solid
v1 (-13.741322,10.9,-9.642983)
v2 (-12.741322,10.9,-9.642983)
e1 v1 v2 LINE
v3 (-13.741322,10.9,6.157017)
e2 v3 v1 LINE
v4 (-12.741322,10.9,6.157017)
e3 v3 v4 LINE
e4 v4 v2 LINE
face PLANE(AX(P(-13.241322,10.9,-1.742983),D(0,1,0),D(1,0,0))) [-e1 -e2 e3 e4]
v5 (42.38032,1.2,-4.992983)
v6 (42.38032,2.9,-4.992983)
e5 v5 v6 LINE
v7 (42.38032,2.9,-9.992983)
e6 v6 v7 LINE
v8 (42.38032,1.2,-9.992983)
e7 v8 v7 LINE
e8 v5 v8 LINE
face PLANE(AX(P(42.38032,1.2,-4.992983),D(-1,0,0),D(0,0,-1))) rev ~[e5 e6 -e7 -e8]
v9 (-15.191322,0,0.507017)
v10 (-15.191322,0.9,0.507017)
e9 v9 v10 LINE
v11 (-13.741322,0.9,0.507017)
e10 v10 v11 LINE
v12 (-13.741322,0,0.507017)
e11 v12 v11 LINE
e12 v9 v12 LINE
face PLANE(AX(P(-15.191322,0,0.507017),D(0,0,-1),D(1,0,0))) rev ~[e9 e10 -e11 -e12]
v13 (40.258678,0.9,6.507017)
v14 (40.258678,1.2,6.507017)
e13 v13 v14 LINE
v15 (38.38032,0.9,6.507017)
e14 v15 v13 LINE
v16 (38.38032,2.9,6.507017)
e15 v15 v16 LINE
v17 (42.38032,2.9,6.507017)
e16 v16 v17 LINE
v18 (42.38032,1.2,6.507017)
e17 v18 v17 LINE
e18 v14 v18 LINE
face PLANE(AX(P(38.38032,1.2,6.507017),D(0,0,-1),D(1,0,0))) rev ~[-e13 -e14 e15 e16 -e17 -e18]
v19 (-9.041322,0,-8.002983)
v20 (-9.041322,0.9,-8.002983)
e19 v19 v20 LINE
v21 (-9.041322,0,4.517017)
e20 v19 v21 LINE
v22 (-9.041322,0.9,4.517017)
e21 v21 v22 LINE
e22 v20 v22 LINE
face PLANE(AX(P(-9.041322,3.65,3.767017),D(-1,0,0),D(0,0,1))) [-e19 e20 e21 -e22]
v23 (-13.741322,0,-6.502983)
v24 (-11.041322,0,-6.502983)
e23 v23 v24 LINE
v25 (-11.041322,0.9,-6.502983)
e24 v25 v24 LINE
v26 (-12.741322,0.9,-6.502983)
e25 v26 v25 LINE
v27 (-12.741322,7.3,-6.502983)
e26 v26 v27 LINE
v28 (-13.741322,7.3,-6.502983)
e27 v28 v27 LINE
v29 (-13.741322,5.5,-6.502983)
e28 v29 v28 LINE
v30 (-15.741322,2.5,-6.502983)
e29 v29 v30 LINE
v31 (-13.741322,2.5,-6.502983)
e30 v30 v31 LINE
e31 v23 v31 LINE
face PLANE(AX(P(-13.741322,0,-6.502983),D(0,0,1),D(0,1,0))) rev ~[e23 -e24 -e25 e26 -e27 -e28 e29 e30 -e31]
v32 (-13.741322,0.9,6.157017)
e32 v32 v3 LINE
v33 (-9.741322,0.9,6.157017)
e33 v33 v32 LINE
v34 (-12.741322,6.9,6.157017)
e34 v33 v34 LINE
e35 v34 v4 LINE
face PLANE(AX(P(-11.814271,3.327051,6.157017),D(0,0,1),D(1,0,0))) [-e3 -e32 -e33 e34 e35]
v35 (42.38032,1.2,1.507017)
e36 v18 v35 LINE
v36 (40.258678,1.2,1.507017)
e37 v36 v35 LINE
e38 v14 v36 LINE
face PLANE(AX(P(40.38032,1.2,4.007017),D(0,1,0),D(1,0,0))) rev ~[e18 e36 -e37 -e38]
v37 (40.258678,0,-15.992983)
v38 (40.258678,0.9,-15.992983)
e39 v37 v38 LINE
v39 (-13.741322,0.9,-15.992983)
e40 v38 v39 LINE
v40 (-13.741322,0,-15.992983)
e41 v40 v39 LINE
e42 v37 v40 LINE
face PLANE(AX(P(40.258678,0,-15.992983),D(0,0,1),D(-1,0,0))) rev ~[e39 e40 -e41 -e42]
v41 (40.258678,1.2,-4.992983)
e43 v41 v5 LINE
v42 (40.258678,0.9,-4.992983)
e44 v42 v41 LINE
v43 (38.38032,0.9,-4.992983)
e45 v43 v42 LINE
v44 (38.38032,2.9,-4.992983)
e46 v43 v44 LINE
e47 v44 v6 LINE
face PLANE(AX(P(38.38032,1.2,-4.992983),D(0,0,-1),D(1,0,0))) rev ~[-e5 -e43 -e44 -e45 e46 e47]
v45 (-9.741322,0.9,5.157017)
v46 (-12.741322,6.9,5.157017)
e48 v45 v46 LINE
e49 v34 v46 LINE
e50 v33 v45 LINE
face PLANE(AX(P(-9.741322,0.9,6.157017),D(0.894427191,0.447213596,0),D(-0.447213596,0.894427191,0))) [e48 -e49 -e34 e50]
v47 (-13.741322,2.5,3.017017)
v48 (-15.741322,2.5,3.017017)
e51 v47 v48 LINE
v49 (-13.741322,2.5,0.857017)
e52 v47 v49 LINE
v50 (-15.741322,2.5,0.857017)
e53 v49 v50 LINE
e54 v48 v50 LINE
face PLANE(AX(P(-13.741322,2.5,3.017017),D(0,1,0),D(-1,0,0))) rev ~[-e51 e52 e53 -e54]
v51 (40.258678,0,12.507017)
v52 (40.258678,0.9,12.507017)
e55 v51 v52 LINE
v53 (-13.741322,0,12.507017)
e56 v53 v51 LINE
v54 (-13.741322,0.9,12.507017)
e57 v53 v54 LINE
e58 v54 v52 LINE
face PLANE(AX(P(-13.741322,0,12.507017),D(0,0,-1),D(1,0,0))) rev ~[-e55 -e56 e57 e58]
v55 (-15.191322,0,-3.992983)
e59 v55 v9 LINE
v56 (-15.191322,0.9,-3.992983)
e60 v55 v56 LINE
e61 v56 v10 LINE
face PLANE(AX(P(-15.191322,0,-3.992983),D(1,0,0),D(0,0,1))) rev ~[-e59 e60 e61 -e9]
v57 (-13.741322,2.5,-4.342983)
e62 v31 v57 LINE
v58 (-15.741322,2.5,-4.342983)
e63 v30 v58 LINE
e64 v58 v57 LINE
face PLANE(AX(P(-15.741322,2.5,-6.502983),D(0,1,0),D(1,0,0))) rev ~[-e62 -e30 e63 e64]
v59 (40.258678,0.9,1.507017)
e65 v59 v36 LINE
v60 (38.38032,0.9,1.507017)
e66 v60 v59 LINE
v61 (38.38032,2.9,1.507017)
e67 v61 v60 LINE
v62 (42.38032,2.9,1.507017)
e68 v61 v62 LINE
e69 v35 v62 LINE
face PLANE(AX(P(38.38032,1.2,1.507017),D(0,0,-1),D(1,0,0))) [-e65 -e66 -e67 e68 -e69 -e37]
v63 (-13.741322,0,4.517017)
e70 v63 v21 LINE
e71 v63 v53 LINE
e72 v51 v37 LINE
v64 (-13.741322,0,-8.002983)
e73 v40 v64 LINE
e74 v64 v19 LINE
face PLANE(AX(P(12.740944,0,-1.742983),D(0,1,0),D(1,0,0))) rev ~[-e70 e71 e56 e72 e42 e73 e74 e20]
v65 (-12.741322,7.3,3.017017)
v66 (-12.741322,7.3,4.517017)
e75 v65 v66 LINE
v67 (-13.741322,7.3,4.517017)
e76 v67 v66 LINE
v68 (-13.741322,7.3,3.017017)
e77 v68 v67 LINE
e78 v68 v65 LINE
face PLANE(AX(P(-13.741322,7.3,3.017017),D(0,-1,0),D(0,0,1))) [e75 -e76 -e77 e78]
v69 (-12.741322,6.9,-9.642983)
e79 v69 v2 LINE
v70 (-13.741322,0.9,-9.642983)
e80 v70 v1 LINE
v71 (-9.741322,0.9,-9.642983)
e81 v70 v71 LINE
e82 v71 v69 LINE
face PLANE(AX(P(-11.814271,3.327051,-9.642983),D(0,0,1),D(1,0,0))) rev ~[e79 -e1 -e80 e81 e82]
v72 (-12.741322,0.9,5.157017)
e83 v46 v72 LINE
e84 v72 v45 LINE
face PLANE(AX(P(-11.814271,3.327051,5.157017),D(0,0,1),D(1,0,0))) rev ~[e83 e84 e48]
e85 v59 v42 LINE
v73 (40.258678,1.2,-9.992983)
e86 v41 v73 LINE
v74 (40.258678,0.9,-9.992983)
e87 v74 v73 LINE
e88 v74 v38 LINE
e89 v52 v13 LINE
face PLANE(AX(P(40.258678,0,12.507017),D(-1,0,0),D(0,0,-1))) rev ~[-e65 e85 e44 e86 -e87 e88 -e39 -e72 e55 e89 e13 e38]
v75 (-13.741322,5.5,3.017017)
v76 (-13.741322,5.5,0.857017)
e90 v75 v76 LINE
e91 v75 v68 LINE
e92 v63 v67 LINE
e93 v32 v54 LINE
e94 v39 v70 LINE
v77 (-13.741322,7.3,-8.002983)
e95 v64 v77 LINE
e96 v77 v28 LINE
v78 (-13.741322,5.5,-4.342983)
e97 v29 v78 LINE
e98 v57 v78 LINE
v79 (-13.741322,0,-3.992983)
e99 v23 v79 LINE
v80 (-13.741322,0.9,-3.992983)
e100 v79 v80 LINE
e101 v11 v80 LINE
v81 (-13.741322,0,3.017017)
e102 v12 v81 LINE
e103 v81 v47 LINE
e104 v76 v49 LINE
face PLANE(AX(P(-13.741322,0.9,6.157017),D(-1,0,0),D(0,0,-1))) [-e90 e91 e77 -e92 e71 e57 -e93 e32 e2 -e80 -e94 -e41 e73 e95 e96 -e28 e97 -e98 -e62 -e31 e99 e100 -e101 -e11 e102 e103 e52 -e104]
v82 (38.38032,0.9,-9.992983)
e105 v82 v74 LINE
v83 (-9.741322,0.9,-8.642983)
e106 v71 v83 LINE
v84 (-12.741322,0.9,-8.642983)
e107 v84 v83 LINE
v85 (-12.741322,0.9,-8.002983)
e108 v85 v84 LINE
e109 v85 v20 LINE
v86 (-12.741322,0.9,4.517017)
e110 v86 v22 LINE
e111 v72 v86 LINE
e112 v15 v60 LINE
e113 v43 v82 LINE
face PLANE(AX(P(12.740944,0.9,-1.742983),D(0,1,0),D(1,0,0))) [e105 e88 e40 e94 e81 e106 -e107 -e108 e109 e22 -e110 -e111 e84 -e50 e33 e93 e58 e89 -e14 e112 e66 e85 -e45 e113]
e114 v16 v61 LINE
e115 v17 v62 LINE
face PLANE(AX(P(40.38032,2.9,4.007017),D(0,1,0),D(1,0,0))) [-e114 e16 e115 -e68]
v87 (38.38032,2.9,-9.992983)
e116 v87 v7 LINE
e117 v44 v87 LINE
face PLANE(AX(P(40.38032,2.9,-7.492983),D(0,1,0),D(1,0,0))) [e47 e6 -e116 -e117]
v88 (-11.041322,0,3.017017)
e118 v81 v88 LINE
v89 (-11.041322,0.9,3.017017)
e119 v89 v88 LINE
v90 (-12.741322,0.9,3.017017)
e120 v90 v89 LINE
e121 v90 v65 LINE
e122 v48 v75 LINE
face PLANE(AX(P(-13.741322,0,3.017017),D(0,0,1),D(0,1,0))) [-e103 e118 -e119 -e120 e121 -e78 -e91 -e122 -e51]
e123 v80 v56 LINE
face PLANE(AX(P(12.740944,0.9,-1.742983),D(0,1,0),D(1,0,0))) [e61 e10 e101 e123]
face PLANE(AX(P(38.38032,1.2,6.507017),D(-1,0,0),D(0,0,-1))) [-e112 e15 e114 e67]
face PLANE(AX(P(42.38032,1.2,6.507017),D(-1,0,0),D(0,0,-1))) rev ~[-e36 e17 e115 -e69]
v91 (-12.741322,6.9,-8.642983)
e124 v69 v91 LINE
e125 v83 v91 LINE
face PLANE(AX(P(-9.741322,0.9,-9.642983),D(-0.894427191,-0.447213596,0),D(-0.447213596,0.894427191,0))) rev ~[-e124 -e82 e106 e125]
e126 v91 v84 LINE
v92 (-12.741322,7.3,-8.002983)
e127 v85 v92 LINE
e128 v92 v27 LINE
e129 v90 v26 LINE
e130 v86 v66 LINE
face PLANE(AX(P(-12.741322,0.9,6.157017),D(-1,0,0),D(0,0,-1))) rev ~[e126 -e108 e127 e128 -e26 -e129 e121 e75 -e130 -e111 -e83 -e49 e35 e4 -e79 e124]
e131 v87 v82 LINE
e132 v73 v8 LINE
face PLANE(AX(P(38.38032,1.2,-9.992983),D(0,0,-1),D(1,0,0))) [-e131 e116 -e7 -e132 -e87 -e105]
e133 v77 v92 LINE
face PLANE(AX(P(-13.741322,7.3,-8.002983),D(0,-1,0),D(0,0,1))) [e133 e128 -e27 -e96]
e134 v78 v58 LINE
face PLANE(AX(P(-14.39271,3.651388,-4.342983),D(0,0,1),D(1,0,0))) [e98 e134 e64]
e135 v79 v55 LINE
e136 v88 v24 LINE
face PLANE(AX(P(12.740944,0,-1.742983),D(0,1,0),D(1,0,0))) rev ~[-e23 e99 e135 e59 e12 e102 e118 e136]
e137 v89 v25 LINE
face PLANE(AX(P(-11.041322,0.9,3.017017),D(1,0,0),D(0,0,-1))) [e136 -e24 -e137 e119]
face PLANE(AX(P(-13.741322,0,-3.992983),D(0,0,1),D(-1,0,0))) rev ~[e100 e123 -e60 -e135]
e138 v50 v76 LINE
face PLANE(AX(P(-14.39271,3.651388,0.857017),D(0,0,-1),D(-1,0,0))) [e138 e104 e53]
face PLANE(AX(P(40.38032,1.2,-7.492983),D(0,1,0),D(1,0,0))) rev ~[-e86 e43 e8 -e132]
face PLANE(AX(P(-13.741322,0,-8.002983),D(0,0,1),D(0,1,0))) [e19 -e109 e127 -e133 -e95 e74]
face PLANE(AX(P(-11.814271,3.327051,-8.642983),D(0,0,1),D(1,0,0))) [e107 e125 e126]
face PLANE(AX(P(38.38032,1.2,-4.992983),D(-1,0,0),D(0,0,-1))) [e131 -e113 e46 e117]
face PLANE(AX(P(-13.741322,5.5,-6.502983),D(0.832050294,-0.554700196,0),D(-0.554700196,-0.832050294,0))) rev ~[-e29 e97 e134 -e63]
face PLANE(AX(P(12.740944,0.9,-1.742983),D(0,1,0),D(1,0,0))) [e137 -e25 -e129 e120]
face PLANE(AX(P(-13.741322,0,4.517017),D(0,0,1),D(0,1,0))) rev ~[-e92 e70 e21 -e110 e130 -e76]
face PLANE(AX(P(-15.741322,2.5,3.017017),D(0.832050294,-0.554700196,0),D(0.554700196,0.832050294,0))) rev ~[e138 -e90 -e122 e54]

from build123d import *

# Parameters (mm, degrees)
SALIENTE_EXTRUIR1_DEPTH  = 0.9
CROQUIS2_W               = 1.87835833
CROQUIS2_H               = 5
SALIENTE_EXTRUIR2_DEPTH  = 0.3
CROQUIS3_W               = 4
CROQUIS3_H               = 5
SALIENTE_EXTRUIR4_DEPTH  = 1.7
CROQUIS4_W               = 4
CROQUIS4_H               = 5
SALIENTE_EXTRUIR5_DEPTH  = 1.7
CROQUIS5_W               = 1
CROQUIS5_H               = 15.8
SALIENTE_EXTRUIR6_DEPTH  = 10
SALIENTE_EXTRUIR8_START  = -3.14
SALIENTE_EXTRUIR8_DEPTH  = 2.16
SALIENTE_EXTRUIR9_START  = -3.14
SALIENTE_EXTRUIR9_DEPTH  = 2.16
SALIENTE_EXTRUIR10_DEPTH = 1
SALIENTE_EXTRUIR11_DEPTH = 1
CROQUIS14_W              = 1.5
CROQUIS14_H              = 7.3
CORTAR_EXTRUIR1_DEPTH    = 4.7
CROQUIS16_W              = 2
CROQUIS16_H              = 9.52
CORTAR_EXTRUIR2_DEPTH    = 4.7


with BuildPart() as part:
    # Croquis1 → Saliente-Extruir1 (new body)
    with BuildSketch(Plane(origin=(0, 0, 0), x_dir=(1, 0, 0), z_dir=(0, 1, 0))):
        Polygon((-13.741322015, -0.507016954), (-13.741322015, -12.507016954), (40.258677985, -12.507016954), (40.258677985, 15.992983046), (-13.741322015, 15.992983046), (-13.741322015, 3.992983046), (-15.191322015, 3.992983046), (-15.191322015, -0.507016954), align=None)
    extrude(amount=SALIENTE_EXTRUIR1_DEPTH)

    # Croquis2 → Saliente-Extruir2 (add)
    with BuildSketch(Plane(origin=(0, 0.9, 0), x_dir=(1, 0, 0), z_dir=(0, 1, 0))):
        with Locations((39.31949882, -4.007016954)):
            Rectangle(CROQUIS2_W, CROQUIS2_H)
        with Locations((39.31949882, 7.492983046)):
            Rectangle(CROQUIS2_W, CROQUIS2_H)
    extrude(amount=SALIENTE_EXTRUIR2_DEPTH)

    # Croquis3 → Saliente-Extruir4 (add)
    with BuildSketch(Plane(origin=(0, 1.2, 0), x_dir=(1, 0, 0), z_dir=(0, 1, 0))):
        with Locations((40.380319655, -4.007016954)):
            Rectangle(CROQUIS3_W, CROQUIS3_H)
    extrude(amount=SALIENTE_EXTRUIR4_DEPTH)

    # Croquis4 → Saliente-Extruir5 (add)
    with BuildSketch(Plane(origin=(0, 1.2, 0), x_dir=(1, 0, 0), z_dir=(0, 1, 0))):
        with Locations((40.380319655, 7.492983046)):
            Rectangle(CROQUIS4_W, CROQUIS4_H)
    extrude(amount=SALIENTE_EXTRUIR5_DEPTH)

    # Croquis5 → Saliente-Extruir6 (add)
    with BuildSketch(Plane(origin=(0, 0.9, 0), x_dir=(1, 0, 0), z_dir=(0, 1, 0))):
        with Locations((-13.241322015, 1.742983046)):
            Rectangle(CROQUIS5_W, CROQUIS5_H)
    extrude(amount=SALIENTE_EXTRUIR6_DEPTH)

    # Croquis6 → Saliente-Extruir8 (add)
    with BuildSketch(Plane(origin=(0, 0, -9.642983046), x_dir=(-1, 0, 0), z_dir=(0, 0, -1)).offset(SALIENTE_EXTRUIR8_START)):
        Polygon((13.741322015, 2.5), (13.741322015, 5.5), (15.741322015, 2.5), align=None)
    extrude(amount=-SALIENTE_EXTRUIR8_DEPTH)

    # Croquis9 → Saliente-Extruir9 (add)
    with BuildSketch(Plane.XY.offset(6.157016954).offset(SALIENTE_EXTRUIR9_START)):
        Polygon((-15.741322015, 2.5), (-13.741322015, 5.5), (-13.741322015, 2.5), align=None)
    extrude(amount=-SALIENTE_EXTRUIR9_DEPTH)

    # Croquis12 → Saliente-Extruir10 (add)
    with BuildSketch(Plane(origin=(0, 0, -9.642983046), x_dir=(-1, 0, 0), z_dir=(0, 0, -1))):
        Polygon((12.741322015, 0.9), (9.741322015, 0.9), (12.741322015, 6.9), align=None)
    extrude(amount=-SALIENTE_EXTRUIR10_DEPTH)

    # Croquis13 → Saliente-Extruir11 (add)
    with BuildSketch(Plane.XY.offset(6.157016954)):
        Polygon((-12.741322015, 0.9), (-9.741322015, 0.9), (-12.741322015, 6.9), align=None)
    extrude(amount=-SALIENTE_EXTRUIR11_DEPTH)

    # Croquis14 → Cortar-Extruir1 (cut)
    with BuildSketch(Plane.ZY.offset(13.741322015)):
        with Locations((3.767016954, 3.65)):
            Rectangle(CROQUIS14_W, CROQUIS14_H)
        with Locations((-7.252983046, 3.65)):
            Rectangle(CROQUIS14_W, CROQUIS14_H)
    extrude(amount=-CORTAR_EXTRUIR1_DEPTH, mode=Mode.SUBTRACT)

    # Croquis16 → Cortar-Extruir2 (cut)
    with BuildSketch(Plane(origin=(0, 0.9, 0), x_dir=(1, 0, 0), z_dir=(0, 1, 0))):
        with Locations((-10.041322015, 1.742983046)):
            Rectangle(CROQUIS16_W, CROQUIS16_H)
    extrude(amount=-CORTAR_EXTRUIR2_DEPTH, mode=Mode.SUBTRACT)


solid = part.part
